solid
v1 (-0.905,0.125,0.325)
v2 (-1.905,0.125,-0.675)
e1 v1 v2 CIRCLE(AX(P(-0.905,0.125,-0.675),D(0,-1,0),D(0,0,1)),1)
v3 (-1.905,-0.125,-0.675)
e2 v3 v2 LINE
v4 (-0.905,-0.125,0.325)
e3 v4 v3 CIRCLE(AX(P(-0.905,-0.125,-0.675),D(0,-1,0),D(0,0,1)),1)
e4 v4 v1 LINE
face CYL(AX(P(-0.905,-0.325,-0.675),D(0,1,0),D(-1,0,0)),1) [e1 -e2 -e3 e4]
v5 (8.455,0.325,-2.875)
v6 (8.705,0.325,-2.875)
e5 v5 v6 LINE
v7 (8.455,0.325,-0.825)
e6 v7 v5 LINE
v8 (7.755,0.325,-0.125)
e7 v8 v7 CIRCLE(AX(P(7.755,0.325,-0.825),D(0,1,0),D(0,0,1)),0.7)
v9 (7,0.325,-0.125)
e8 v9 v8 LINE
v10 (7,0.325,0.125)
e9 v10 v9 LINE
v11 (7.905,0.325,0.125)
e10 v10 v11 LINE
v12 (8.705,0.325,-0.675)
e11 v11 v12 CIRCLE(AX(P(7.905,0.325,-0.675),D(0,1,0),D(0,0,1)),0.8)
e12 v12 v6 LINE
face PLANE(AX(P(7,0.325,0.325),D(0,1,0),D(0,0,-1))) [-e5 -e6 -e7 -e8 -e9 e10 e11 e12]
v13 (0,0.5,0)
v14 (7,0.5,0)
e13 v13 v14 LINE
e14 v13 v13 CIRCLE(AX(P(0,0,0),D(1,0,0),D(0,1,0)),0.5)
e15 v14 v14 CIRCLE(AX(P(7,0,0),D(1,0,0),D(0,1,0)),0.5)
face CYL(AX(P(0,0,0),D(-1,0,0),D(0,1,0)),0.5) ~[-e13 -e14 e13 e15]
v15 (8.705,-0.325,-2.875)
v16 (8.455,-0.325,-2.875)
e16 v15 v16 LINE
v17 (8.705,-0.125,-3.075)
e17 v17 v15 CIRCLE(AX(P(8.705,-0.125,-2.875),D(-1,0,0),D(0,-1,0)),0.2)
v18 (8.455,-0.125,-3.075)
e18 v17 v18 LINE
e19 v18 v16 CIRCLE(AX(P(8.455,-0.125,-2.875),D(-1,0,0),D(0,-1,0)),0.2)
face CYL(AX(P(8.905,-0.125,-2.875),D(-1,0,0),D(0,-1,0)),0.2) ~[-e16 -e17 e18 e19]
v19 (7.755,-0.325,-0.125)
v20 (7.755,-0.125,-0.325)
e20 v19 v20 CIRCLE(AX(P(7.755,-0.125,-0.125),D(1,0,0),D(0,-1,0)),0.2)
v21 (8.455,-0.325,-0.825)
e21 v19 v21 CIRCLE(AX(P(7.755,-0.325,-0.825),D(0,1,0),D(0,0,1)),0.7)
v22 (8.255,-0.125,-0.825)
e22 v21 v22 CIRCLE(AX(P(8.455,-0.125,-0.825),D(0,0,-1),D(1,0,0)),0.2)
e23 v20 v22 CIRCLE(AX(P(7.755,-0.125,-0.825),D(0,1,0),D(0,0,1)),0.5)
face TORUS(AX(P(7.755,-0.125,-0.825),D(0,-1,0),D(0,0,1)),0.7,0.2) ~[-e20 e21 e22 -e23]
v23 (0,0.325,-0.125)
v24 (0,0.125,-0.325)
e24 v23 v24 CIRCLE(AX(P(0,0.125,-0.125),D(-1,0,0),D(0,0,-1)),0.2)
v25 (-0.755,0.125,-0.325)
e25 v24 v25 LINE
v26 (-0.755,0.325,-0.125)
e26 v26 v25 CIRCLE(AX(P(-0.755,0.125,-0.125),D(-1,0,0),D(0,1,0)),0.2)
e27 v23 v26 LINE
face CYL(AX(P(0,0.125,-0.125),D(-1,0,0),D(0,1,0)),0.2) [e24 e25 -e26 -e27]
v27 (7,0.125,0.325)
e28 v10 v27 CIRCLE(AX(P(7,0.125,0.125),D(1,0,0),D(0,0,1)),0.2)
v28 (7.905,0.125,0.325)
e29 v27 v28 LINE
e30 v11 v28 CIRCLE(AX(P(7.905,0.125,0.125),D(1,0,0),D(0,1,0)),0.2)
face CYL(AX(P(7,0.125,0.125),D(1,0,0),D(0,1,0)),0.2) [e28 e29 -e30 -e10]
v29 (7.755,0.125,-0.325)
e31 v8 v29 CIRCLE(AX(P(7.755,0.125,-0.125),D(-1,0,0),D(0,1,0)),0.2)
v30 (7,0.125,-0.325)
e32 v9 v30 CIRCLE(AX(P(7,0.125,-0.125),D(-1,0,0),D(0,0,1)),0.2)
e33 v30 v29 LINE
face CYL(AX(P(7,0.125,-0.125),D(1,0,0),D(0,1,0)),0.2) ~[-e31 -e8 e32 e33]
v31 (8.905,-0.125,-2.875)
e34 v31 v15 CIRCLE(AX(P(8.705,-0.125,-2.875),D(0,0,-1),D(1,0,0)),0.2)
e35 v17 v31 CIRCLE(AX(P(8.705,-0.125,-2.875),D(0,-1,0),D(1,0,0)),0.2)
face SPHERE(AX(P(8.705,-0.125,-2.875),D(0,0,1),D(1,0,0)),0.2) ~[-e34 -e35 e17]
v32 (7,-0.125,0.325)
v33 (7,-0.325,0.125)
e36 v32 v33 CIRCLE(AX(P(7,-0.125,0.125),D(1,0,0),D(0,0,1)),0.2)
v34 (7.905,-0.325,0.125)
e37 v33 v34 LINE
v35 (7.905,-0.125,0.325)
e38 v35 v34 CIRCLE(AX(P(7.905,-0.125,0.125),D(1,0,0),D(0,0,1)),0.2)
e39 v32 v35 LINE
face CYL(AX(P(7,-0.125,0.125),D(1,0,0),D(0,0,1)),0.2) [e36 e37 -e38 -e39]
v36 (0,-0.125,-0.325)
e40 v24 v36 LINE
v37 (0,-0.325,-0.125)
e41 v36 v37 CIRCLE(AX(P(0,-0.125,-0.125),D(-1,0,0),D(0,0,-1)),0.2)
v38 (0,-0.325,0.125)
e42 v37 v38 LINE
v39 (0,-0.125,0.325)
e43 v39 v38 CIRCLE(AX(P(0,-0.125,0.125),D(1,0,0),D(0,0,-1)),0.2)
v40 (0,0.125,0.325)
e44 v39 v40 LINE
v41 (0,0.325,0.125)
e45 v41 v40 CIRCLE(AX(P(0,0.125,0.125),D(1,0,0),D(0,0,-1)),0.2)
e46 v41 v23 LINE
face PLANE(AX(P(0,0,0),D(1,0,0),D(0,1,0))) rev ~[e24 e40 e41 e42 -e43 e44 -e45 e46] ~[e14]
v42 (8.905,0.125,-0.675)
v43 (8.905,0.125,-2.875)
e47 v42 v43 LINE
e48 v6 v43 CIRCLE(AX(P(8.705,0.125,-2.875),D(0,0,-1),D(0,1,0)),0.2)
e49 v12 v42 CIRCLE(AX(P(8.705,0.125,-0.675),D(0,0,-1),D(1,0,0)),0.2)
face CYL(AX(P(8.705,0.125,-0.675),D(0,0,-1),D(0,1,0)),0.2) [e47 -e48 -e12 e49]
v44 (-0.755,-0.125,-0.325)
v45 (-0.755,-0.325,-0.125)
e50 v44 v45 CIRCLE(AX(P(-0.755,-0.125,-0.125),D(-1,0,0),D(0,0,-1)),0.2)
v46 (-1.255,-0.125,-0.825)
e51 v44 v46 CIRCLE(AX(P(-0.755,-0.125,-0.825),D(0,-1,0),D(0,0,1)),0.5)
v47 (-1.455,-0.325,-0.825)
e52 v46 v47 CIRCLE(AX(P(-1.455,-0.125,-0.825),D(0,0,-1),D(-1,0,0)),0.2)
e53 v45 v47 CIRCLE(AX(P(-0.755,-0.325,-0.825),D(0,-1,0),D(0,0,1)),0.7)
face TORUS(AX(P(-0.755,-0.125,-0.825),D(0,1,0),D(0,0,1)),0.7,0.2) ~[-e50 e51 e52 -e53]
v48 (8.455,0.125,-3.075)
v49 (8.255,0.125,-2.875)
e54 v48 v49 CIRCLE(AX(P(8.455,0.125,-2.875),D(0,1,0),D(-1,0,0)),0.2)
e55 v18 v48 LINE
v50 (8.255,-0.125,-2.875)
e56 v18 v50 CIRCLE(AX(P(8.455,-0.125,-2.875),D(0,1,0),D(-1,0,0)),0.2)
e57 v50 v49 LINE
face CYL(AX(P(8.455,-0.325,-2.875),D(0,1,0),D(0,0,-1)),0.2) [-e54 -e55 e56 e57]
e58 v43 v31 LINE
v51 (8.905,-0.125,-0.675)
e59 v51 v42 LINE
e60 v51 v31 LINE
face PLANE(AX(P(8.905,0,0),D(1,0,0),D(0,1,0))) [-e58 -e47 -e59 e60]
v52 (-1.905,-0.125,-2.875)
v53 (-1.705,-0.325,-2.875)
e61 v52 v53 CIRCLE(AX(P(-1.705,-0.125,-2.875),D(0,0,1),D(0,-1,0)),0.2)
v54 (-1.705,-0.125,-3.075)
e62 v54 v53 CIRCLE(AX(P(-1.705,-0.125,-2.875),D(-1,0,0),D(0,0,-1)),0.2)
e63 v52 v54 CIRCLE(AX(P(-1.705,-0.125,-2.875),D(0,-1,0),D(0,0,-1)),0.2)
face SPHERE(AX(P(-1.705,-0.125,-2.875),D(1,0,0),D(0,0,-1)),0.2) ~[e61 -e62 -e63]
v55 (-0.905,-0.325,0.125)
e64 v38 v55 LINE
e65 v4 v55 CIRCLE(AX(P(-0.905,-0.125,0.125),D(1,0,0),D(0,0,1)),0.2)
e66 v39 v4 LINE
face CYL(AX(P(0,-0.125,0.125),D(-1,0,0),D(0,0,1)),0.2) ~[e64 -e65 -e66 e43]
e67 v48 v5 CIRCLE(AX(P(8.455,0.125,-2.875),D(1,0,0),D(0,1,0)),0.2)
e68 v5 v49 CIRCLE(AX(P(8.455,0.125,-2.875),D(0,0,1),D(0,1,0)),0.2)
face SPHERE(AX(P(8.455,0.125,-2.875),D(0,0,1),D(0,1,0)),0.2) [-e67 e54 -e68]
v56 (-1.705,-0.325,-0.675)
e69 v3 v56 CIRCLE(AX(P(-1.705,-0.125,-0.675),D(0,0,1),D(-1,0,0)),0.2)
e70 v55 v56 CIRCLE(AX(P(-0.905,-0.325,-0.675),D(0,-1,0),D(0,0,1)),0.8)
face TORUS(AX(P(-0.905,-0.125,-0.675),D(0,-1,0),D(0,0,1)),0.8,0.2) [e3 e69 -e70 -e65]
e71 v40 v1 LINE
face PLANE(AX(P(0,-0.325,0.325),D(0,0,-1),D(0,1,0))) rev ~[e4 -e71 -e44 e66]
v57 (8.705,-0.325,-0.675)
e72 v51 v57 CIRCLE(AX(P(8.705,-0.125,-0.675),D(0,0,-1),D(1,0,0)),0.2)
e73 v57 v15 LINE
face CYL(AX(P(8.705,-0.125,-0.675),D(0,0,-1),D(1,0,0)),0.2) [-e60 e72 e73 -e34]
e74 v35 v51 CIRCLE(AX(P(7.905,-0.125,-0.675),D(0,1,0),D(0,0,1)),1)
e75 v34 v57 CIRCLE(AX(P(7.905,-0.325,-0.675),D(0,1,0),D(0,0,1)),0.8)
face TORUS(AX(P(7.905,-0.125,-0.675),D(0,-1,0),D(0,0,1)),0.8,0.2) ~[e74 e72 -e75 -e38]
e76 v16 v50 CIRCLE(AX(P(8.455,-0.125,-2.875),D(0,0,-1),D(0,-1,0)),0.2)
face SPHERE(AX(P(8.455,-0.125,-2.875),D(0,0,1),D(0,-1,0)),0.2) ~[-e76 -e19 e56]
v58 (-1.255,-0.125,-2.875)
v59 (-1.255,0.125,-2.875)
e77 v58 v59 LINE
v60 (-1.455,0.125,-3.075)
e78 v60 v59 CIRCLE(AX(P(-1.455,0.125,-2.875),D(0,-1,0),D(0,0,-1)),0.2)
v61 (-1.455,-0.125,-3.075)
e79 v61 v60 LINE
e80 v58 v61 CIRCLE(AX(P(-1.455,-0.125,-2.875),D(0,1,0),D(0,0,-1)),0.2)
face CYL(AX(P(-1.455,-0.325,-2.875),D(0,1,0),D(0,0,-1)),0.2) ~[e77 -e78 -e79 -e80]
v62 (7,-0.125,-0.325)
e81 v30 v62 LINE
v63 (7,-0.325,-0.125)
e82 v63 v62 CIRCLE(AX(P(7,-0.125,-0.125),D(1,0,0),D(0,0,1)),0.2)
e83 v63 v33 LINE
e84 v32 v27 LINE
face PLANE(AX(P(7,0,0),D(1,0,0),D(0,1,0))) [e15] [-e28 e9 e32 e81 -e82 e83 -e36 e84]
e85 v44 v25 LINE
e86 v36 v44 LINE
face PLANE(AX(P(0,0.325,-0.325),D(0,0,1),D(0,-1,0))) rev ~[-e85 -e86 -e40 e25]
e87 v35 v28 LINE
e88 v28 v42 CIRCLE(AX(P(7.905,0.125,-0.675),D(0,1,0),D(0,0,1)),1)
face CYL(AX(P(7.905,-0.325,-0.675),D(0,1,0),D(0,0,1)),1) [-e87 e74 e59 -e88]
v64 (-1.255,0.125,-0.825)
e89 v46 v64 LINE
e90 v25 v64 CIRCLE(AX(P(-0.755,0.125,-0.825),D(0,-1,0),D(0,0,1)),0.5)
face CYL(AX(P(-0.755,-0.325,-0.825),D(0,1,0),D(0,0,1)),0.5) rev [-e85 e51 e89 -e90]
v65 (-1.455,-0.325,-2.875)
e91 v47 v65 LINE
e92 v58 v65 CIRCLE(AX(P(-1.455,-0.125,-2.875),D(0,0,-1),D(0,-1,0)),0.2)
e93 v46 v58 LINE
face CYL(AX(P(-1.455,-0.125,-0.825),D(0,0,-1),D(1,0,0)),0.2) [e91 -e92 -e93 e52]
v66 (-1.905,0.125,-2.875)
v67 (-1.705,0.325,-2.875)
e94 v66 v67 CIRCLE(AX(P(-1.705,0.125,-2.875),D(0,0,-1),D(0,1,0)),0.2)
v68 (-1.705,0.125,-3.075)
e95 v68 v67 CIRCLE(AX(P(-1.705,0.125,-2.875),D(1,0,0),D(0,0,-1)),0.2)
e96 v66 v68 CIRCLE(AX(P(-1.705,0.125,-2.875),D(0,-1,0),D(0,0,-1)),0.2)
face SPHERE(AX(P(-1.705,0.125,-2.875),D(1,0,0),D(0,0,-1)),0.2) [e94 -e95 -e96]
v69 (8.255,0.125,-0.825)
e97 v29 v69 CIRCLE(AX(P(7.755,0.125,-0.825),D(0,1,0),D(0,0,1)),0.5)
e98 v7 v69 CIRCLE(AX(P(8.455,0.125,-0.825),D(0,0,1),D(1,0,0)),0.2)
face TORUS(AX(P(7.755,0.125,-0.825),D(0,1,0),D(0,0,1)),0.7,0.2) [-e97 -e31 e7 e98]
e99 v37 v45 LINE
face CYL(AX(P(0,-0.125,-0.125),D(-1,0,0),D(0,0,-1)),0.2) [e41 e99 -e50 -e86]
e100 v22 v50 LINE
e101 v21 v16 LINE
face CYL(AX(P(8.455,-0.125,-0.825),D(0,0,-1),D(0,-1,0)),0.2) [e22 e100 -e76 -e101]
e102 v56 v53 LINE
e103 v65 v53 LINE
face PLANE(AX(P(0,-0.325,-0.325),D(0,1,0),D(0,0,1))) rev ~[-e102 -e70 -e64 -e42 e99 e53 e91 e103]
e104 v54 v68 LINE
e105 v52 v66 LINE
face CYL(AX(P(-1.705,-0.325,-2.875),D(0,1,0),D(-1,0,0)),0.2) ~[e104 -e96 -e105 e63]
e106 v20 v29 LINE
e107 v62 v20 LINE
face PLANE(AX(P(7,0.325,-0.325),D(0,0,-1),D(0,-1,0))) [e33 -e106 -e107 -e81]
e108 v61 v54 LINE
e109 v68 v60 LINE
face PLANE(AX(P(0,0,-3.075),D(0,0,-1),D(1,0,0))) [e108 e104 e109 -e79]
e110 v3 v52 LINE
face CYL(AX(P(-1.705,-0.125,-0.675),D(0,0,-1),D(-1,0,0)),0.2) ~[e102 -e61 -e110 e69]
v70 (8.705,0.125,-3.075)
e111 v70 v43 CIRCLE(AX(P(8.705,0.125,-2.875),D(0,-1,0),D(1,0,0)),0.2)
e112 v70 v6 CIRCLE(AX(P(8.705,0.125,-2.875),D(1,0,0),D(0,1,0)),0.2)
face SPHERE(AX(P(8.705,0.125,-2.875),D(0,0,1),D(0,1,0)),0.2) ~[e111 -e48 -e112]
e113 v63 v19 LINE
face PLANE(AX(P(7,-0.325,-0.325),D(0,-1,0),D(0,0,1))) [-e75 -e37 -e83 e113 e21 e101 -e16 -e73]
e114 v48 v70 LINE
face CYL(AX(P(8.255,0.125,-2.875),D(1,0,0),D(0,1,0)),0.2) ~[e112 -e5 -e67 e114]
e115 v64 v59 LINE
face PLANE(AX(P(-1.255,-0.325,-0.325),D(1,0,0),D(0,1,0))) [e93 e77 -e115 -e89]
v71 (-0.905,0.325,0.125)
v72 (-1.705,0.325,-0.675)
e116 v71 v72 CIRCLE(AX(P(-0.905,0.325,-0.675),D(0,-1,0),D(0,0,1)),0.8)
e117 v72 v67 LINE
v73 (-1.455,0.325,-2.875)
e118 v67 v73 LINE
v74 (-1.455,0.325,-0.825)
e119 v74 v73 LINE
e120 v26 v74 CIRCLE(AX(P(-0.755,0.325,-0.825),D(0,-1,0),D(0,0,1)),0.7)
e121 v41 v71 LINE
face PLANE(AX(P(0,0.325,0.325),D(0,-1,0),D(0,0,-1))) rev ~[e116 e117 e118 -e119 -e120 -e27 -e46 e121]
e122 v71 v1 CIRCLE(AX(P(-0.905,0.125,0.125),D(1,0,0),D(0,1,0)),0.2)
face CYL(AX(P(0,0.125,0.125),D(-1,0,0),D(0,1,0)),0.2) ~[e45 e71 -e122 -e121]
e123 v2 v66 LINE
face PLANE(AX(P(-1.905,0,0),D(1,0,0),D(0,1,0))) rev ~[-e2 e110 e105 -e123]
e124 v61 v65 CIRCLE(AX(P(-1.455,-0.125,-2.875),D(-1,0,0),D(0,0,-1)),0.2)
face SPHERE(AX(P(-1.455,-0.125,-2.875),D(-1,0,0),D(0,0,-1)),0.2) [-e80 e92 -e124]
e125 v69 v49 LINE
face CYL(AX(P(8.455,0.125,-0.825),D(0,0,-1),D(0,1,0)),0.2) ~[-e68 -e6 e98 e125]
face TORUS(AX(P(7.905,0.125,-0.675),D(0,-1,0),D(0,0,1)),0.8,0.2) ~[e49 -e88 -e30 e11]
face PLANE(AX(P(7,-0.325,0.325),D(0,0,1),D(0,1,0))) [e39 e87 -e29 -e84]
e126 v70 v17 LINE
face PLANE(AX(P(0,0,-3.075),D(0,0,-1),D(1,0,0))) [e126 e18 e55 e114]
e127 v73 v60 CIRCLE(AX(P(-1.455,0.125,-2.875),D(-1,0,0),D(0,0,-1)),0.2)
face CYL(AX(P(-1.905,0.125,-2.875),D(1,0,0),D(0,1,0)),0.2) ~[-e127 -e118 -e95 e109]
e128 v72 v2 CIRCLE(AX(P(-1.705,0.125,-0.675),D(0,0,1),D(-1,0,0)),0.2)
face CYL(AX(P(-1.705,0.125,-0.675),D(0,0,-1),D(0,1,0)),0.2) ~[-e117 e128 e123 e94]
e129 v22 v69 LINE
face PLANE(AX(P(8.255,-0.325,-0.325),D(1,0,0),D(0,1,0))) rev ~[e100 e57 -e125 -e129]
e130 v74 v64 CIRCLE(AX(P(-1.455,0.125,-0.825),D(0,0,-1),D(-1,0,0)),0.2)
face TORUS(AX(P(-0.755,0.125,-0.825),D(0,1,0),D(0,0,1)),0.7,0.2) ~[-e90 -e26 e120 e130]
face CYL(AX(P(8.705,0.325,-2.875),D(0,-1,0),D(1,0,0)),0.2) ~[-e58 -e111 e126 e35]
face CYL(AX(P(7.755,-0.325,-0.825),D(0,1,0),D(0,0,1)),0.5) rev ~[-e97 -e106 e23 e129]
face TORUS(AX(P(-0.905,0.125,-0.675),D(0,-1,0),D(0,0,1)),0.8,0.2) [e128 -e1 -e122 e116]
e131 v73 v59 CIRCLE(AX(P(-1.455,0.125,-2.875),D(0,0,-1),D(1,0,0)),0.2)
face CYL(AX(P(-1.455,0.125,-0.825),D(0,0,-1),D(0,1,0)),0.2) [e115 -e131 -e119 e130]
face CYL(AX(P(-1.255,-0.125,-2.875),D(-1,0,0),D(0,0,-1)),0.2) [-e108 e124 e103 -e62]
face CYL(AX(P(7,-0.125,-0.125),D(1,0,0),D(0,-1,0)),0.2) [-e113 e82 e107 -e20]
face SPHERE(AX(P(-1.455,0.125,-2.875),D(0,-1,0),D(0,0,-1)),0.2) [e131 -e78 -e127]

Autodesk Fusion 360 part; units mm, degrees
sketch "Sketch1" plane through (0, 0, 0) normal (1, 0, 0) x (0, 1, 0)
  circle A0 centre (0, 0) radius 0.5
  line L0 (0.325, -0.325) -> (-0.325, -0.325)
  line L1 (-0.325, -0.325) -> (-0.325, 0.325)
  line L2 (-0.325, 0.325) -> (0.325, 0.325)
  line L3 (0.325, 0.325) -> (0.325, -0.325)
  line L4 (0.325, -0.325) -> (-0.325, 0.325) construction
  line L5 (-0.325, -0.325) -> (0.325, 0.325) construction
  dimension "d1" = 1
  dimension "d2" = 0.65
  dimension "d3" = 0.65
extrude "Extrude1" add sketch "Sketch1" along normal blind 7 contours A0 | L0 L1 L2 L3
sketch "Sketch2" plane through (7, 0, 0) normal (1, 0, 0) x (0, 1, 0)
  circle A0 centre (0, 0) radius 0.5
  line L0 (0.325, -0.325) -> (-0.325, -0.325)
  line L1 (-0.325, -0.325) -> (-0.325, 0.325)
  line L2 (-0.325, 0.325) -> (0.325, 0.325)
  line L3 (0.325, 0.325) -> (0.325, -0.325)
  line L4 (0.325, -0.325) -> (-0.325, 0.325) construction
  line L5 (-0.325, -0.325) -> (0.325, 0.325) construction
  dimension "d8" = 0.65
  dimension "d9" = 0.65
extrude "Extrude2" add sketch "Sketch2" along normal blind 1.905 contours L0 L1 L2 L3
extrude "Extrude3" add sketch "Sketch1" against normal blind 1.905 contours L0 L1 L2 L3
sketch "Sketch3" plane through (0, 0, -0.325) normal (0, 0, -1) x (1, 0, 0)
  line L0 (7, 0.325) -> (7, -0.325)
  line L1 (7, -0.325) -> (8.905, -0.325)
  line L2 (8.905, -0.325) -> (8.905, 0.325)
  line L3 (8.905, 0.325) -> (7, 0.325)
  line L4 (8.905, 0.325) -> (8.255, 0.325)
  line L5 (8.255, 0.325) -> (8.255, -0.325)
  line L6 (8.255, -0.325) -> (8.905, -0.325)
  line L7 (8.905, -0.325) -> (8.905, 0.325)
  line L8 (8.905, 0.325) -> (8.255, -0.325) construction
  line L9 (8.255, 0.325) -> (8.905, -0.325) construction
  point P0 (8.58, 0)
  dimension "d14" = 0.65
  dimension "d15" = 0.65
sketch "Sketch4" plane through (0, 0, -0.325) normal (0, 0, -1) x (1, 0, 0)
  line L0 (0, -0.325) -> (0, 0.325)
  line L1 (0, 0.325) -> (-1.905, 0.325)
  line L2 (-1.905, 0.325) -> (-1.905, -0.325)
  line L3 (-1.905, -0.325) -> (0, -0.325)
  line L4 (-1.255, -0.325) -> (-1.905, -0.325)
  line L5 (-1.905, -0.325) -> (-1.905, 0.325)
  line L6 (-1.905, 0.325) -> (-1.255, 0.325)
  line L7 (-1.255, 0.325) -> (-1.255, -0.325)
  line L8 (-1.255, -0.325) -> (-1.905, 0.325) construction
  line L9 (-1.905, -0.325) -> (-1.255, 0.325) construction
  point P0 (-1.58, 0)
  dimension "d17" = 0.65
  dimension "d18" = 0.65
extrude "Extrude4" add sketch "Sketch4" sketch "Sketch3" along normal blind 2.75 contours L1 L2 L3 L4 L5 L6 L7 of sketch 2 contours L1 L2 L3 L4 L5 L6 L7
fillet "Fillet1" radius 0.5 2 edges at (-1.255, 0, -0.325) (8.255, 0, -0.325)
fillet "Fillet2" radius 1 2 edges at (-1.905, 0, 0.325) (8.905, 0, 0.325)
fillet "Fillet3" radius 0.2 32 edges at (-1.58, -0.325, -3.075) (-1.255, 0, -3.075) (-1.58, 0.325, -3.075) (-1.905, 0, -3.075) (-1.1086, -0.325, -0.4714) (-1.255, -0.325, -1.95) (-0.3775, -0.325, -0.325) (-0.4525, -0.325, 0.325) (-1.6121, -0.325, 0.0321) (-1.905, -0.325, -1.875) (-0.4525, 0.325, 0.325) (-1.6121, 0.325, 0.0321) (-1.905, 0.325, -1.875) (-1.1086, 0.325, -0.4714) (-0.3775, 0.325, -0.325) (-1.255, 0.325, -1.95) (7.4525, -0.325, 0.325) (8.6121, -0.325, 0.0321) (8.905, -0.325, -1.875) (8.255, -0.325, -1.95) (8.1086, -0.325, -0.4714) (7.3775, -0.325, -0.325) (8.905, 0.325, -1.875) (8.6121, 0.325, 0.0321) (7.4525, 0.325, 0.325) (8.1086, 0.325, -0.4714) (8.255, 0.325, -1.95) (7.3775, 0.325, -0.325) (8.58, 0.325, -3.075) (8.905, 0, -3.075) (8.58, -0.325, -3.075) (8.255, 0, -3.075)
equation "d1 = width"
equation "d2 = d3"
equation "d3 = d1 * 0.65"
equation "width = 1 mm"
equation "baseLenght = 7 mm"
equation "d6 = baseLenght"
equation "d8 = width * 0.65"
equation "d9 = d8"
equation "d10 = ( ( 2.54 * ceil(( baseLenght + 1.3 * width ) / 2.54 mm) ) * 1 mm + 0.65 * width - baseLenght ) / 2"
equation "d12 = -( ( 2.54 * ceil(( baseLenght + 1.3 * width ) / 2.54 mm) ) * 1 mm + 0.65 * width - baseLenght ) / 2"
equation "d14 = width * 0.65"
equation "d15 = d14"
equation "d17 = width * 0.65"
equation "d18 = d17"
equation "d26 = 0.2 * width"
